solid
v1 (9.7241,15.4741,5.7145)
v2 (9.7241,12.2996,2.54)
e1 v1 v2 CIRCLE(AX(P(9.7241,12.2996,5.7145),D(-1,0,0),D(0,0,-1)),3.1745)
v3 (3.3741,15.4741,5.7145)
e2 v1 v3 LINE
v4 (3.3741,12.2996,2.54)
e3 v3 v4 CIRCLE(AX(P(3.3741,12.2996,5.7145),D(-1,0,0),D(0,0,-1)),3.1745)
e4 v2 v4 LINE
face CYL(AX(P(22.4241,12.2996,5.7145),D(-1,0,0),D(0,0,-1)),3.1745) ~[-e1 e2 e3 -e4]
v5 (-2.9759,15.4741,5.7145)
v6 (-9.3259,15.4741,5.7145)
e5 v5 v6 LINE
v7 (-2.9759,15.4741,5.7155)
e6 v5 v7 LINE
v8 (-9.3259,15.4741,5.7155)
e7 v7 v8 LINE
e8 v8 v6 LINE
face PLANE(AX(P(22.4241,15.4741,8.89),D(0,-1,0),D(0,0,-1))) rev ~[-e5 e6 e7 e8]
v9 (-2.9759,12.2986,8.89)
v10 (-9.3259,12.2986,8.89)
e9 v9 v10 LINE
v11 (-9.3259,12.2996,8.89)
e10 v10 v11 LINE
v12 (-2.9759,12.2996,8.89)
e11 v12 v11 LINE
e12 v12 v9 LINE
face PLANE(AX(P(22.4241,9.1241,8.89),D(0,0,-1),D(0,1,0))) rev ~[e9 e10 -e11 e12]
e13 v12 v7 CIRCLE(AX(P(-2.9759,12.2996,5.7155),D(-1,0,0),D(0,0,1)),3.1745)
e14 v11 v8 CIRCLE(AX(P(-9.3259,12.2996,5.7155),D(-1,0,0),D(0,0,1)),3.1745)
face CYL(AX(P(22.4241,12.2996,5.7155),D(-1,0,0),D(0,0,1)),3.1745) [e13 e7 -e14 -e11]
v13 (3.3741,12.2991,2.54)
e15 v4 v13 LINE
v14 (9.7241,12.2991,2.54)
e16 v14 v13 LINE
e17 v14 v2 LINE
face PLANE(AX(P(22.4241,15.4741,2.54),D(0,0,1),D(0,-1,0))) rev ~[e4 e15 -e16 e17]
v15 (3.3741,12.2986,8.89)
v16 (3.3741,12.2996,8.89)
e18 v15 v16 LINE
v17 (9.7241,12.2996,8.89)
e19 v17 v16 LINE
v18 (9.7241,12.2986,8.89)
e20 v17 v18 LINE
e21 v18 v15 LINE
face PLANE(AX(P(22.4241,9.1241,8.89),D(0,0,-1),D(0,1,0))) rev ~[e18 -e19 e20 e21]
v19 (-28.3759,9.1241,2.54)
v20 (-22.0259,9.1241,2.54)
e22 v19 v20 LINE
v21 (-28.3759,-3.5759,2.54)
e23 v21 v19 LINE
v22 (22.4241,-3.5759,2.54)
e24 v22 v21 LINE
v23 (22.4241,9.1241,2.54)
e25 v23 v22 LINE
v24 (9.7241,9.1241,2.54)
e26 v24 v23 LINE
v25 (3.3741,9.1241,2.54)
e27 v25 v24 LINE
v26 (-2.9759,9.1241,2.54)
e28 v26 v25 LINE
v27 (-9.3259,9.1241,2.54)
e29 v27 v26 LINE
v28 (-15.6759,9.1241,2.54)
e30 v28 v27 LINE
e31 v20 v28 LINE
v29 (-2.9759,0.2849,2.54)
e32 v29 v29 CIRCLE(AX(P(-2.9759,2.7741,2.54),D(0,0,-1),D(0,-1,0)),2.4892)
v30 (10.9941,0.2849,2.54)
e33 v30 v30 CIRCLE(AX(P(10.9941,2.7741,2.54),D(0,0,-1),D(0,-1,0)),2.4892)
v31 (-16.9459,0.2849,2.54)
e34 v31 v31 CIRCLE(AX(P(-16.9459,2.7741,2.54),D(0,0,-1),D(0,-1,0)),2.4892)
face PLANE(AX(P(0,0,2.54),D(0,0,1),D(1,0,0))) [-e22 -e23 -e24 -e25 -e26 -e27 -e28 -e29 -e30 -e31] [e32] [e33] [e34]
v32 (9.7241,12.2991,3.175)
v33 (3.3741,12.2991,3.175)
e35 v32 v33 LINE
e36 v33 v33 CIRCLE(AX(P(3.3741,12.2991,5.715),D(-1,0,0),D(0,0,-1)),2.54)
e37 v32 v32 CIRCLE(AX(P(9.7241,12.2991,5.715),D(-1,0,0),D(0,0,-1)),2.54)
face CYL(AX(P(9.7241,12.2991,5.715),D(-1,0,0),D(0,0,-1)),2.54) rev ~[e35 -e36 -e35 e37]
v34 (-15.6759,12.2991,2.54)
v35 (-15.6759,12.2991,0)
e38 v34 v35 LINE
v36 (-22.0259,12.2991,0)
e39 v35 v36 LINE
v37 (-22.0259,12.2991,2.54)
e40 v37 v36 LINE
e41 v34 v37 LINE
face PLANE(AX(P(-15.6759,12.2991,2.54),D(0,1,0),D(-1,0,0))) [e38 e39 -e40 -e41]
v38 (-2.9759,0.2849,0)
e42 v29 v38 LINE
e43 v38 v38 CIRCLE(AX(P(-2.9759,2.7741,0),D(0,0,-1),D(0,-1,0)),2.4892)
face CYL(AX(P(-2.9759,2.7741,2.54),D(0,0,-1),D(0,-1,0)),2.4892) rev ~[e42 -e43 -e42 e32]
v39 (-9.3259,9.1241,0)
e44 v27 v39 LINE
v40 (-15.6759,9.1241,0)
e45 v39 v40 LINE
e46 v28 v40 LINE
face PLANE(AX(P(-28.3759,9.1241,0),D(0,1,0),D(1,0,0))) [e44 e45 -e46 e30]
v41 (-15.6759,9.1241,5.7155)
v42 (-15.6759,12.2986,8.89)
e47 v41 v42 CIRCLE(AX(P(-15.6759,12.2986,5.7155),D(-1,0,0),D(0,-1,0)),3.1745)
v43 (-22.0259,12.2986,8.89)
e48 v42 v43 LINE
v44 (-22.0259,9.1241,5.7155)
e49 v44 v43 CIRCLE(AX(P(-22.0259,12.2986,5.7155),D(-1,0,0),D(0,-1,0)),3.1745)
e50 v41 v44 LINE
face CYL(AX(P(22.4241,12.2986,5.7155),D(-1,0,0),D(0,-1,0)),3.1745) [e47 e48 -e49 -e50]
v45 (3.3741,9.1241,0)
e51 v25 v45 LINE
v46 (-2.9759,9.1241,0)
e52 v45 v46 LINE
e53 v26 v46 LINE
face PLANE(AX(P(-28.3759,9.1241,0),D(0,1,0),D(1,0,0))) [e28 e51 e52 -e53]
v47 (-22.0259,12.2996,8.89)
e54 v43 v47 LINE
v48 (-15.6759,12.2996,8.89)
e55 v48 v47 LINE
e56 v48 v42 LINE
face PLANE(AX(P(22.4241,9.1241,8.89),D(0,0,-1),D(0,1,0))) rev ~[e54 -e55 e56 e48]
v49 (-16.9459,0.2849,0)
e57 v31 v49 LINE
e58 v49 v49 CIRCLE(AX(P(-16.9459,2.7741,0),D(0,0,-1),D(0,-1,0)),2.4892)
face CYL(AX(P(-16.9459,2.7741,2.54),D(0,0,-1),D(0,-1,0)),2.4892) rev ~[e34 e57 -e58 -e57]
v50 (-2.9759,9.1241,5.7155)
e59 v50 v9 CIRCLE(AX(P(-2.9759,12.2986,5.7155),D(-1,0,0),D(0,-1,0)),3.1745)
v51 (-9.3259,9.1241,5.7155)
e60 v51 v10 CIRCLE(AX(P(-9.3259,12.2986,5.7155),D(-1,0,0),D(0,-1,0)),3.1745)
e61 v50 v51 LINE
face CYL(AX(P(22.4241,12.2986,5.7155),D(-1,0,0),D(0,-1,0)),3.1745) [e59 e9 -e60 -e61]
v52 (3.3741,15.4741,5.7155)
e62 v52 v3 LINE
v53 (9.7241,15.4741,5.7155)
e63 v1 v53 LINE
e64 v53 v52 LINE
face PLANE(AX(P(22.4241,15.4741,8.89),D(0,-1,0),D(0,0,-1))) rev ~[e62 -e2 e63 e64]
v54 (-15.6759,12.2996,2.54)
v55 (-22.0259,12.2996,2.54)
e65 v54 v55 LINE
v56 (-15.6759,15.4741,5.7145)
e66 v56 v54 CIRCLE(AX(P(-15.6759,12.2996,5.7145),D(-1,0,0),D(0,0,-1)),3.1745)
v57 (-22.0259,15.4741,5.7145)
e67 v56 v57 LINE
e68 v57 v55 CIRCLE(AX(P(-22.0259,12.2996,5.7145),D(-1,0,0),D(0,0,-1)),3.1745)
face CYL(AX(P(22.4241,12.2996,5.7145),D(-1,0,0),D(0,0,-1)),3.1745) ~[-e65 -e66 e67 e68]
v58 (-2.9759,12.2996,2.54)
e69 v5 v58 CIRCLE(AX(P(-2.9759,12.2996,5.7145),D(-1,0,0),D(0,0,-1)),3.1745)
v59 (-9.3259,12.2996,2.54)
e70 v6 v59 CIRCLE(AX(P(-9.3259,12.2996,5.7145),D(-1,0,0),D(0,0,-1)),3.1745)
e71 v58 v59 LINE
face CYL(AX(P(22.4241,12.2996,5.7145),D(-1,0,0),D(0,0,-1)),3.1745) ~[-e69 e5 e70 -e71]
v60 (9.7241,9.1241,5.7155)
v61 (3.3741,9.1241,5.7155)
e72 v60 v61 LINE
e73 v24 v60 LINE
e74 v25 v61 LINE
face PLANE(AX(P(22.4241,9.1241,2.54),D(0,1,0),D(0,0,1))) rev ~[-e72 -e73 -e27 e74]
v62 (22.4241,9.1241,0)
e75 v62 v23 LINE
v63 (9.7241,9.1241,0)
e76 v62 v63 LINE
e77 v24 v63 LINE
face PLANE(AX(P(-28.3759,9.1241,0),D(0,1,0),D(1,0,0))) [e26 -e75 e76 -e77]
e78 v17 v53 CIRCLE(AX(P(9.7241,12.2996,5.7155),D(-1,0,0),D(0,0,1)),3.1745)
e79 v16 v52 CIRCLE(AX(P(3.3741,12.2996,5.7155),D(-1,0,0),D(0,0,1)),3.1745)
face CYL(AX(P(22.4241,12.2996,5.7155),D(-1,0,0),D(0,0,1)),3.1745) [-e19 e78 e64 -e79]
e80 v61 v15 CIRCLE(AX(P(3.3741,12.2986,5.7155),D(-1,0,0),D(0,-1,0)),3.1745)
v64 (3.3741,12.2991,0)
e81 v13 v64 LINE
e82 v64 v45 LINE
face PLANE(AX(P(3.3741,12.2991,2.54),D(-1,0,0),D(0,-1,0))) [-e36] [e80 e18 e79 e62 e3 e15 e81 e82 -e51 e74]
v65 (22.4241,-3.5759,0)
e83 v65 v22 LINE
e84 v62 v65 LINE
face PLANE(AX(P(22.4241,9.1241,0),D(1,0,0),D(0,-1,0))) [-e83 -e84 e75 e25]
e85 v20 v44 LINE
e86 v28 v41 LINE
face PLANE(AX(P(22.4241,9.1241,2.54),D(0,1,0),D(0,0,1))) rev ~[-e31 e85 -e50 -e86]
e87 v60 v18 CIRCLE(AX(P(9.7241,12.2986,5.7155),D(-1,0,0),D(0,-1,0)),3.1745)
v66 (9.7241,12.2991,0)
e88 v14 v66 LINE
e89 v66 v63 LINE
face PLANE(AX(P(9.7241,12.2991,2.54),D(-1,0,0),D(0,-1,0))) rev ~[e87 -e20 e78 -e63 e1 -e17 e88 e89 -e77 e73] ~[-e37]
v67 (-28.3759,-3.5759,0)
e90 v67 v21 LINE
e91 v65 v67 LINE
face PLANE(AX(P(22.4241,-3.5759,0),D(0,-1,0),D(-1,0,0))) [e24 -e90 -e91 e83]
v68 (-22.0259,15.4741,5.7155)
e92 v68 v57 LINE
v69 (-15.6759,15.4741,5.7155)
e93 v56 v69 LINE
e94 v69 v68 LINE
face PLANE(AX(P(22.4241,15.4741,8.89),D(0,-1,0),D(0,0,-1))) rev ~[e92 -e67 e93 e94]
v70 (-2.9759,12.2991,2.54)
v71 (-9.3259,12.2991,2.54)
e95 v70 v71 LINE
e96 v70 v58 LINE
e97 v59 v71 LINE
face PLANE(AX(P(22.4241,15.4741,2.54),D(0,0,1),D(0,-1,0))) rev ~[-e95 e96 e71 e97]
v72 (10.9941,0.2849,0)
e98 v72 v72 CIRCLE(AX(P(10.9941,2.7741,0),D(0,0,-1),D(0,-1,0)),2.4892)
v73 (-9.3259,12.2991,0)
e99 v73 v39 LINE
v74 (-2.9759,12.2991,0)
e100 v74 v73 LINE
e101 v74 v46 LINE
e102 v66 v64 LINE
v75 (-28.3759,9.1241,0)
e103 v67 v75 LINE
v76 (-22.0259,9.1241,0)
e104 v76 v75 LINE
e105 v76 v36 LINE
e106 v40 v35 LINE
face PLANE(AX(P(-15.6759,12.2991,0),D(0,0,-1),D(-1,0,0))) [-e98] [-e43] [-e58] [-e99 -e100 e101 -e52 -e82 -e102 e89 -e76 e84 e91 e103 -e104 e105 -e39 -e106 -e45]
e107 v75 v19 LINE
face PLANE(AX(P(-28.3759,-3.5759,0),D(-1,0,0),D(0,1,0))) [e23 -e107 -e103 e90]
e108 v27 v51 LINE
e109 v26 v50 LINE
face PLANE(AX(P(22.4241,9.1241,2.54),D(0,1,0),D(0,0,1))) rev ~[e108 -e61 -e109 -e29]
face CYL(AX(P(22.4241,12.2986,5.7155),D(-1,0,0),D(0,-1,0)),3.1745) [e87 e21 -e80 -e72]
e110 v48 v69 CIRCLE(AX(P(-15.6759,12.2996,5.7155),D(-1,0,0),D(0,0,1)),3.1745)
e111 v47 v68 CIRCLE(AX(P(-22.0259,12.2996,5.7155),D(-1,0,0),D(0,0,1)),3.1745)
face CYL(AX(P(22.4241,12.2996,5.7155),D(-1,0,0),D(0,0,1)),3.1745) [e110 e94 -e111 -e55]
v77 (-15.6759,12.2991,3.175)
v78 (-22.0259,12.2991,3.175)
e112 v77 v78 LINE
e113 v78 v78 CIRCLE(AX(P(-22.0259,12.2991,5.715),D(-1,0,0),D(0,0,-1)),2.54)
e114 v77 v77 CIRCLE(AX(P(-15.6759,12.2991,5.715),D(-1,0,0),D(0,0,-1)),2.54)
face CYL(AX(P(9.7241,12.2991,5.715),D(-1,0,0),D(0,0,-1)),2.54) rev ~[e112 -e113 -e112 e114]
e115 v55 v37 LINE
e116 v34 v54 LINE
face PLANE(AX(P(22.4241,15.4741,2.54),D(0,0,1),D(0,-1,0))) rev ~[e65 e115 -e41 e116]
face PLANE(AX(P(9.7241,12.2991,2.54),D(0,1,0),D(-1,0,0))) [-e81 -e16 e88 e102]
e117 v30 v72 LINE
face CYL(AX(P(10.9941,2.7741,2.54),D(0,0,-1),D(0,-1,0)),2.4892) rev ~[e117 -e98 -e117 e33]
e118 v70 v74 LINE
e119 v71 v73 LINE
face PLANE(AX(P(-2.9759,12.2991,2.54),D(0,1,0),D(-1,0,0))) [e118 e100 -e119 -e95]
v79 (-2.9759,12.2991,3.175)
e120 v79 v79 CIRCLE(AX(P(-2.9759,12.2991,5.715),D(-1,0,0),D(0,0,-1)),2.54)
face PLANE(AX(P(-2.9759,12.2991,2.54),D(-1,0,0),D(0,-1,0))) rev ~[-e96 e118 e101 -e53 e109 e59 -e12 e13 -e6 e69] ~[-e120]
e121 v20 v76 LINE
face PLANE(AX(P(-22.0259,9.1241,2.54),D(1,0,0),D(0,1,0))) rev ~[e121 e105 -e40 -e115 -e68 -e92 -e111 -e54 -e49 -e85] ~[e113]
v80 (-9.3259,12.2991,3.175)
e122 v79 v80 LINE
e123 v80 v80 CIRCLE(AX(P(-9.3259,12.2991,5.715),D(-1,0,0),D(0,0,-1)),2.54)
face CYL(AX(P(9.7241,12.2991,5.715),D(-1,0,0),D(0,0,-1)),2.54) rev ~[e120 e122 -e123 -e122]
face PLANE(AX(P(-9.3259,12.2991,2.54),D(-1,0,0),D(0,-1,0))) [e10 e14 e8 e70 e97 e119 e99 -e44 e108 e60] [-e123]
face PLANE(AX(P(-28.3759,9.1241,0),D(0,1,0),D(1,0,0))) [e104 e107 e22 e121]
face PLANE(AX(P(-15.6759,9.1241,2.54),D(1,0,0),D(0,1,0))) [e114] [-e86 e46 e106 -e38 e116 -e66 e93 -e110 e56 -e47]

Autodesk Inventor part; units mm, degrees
ref_plane "YZ Plane" through (0, 0, 0) normal (1, 0, 0) x (0, 1, 0)
ref_plane "XZ Plane" through (0, 0, 0) normal (0, 1, 0) x (-1, 0, 0)
sketch "Sketch1" plane through (0, 0, 0) normal (0, 0, 1) x (1, 0, 0)
  line L0 (-28.3759, 9.1241) -> (22.4241, 9.1241)
  line L1 (22.4241, 9.1241) -> (22.4241, -3.5759)
  line L2 (22.4241, -3.5759) -> (-28.3759, -3.5759)
  line L3 (-28.3759, -3.5759) -> (-28.3759, 9.1241)
  point P0 (0, 0)
  dimension "d0" = 50.8
  dimension "d1" = 12.7
extrude "Extrusion1" add sketch "Sketch1" along normal blind 2.54
sketch "Sketch2" plane through (22.4241, -3.5759, 0) normal (1, 0, 0) x (0, 0, -1)
  line L0 (0, 12.7) -> (6.35, 12.7)
  line L1 (6.35, 12.7) -> (6.35, 19.05)
  line L2 (6.35, 19.05) -> (0, 19.05)
  line L3 (0, 19.05) -> (0, 12.7)
  line L4 (0, 0) -> (-2.54, 0) projected
  line L5 (0, 12.7) -> (-2.54, 12.7) projected
  line L6 (-1.27, 12.7) -> (-1.27, 0)
  line L7 (-2.54, 12.7) -> (-8.89, 12.7)
  line L8 (-8.89, 12.7) -> (-8.89, 19.05)
  line L9 (-8.89, 19.05) -> (-2.54, 19.05)
  line L10 (-2.54, 19.05) -> (-2.54, 12.7)
  point P0 (0, 3.5759)
  dimension "d4" = 6.35
  dimension "d5" = 6.35
ref_plane "Work Plane2" through (-28.3759, 9.1241, 0) normal (0, 0, 1) x (1, 0, 0)
sketch "Sketch3" plane through (-28.3759, 9.1241, 0) normal (0, 0, 1) x (1, 0, 0)
  line L0 (38.1, 0) -> (31.75, 0)
  line L1 (31.75, 0) -> (31.75, 7.3179)
  line L2 (31.75, 7.3179) -> (38.1, 7.3179)
  line L3 (38.1, 7.3179) -> (38.1, 0)
  line L4 (25.4, 0) -> (19.05, 0)
  line L5 (19.05, 0) -> (19.05, 7.3179)
  line L6 (19.05, 7.3179) -> (25.4, 7.3179)
  line L7 (25.4, 7.3179) -> (25.4, 0)
  line L8 (12.7, 0) -> (6.35, 0)
  line L9 (6.35, 0) -> (6.35, 7.3179)
  line L10 (6.35, 7.3179) -> (12.7, 7.3179)
  line L11 (12.7, 7.3179) -> (12.7, 0)
  line L12 (38.1, 7.3179) -> (50.8, 7.3179)
  line L13 (38.1, 0) -> (38.1, 7.3179)
  line L14 (25.4, 7.3179) -> (31.75, 7.3179)
  line L15 (31.75, 7.3179) -> (31.75, 0)
  line L16 (31.75, 0) -> (25.4, 0)
  line L17 (25.4, 0) -> (25.4, 7.3179)
  line L18 (12.7, 7.3179) -> (19.05, 7.3179)
  line L19 (19.05, 7.3179) -> (19.05, 0)
  line L20 (19.05, 0) -> (12.7, 0)
  line L21 (12.7, 0) -> (12.7, 7.3179)
  line L22 (6.35, 0) -> (0, 0)
  line L23 (0, 0) -> (0, 7.3179)
  line L24 (0, 7.3179) -> (6.35, 7.3179)
  line L25 (6.35, 7.3179) -> (6.35, 0)
  line L26 (50.8, 7.3179) -> (50.8, 0)
  line L27 (50.8, 0) -> (38.1, 0)
  point P0 (28.3759, -9.1241)
extrude "Extrusion4" add sketch "Sketch2" against normal blind 50.8 contours L7 L8 L9 L10
fillet "Fillet2" radius 3.175 3 edges at (-2.9759, 15.4741, 8.89) (-2.9759, 15.4741, 2.54) (-2.9759, 9.1241, 8.89)
extrude "Extrusion5" cut sketch "Sketch3" along normal blind 50.8 contours L3 L12 L26 L27 | L16 L7 L14 L1 | L20 L11 L18 L5 | L22 L23 L24 L9
hole "Hole3" at (9.7241, 12.2991, 5.715) direction (-1, 0, 0) diameter 5.08 end through all
hole "Hole4" at (-16.9459, 2.7741, 2.54) direction (0, 0, -1) diameter 4.9784 end through all thread size "1/4-20 UNC" class "2B" standard "ANSI Unified Screw Threads"
hole "Hole5" at (10.9941, 2.7741, 2.54) direction (0, 0, -1) diameter 4.9784 end through all thread size "1/4-20 UNC" class "2B" standard "ANSI Unified Screw Threads"
hole "Hole6" at (-2.9759, 2.7741, 2.54) direction (0, 0, -1) diameter 4.9784 end through all thread size "1/4-20 UNC" class "2B" standard "ANSI Unified Screw Threads"
sketch "Sketch4" plane through (9.7241, 9.1241, 2.54) normal (0, 0, -1) x (-1, 0, 0)
  line L0 (0, 3.175) -> (0, 0) projected
  line L1 (6.35, 0) -> (0, 0) projected
  line L2 (0, 3.175) -> (6.35, 3.175)
  line L3 (6.35, 3.175) -> (6.35, 0)
  line L4 (6.35, 0) -> (0, 0)
  line L5 (0, 0) -> (0, 3.175)
  point P0 (9.7241, -9.1241)
sketch "Sketch5" plane through (-2.9759, 9.1241, 2.54) normal (0, 0, -1) x (-1, 0, 0)
  line L0 (0, 3.175) -> (0, 0) projected
  line L1 (6.35, 0) -> (0, 0) projected
  line L2 (0, 3.175) -> (6.35, 3.175)
  line L3 (6.35, 3.175) -> (6.35, 0)
  line L4 (6.35, 0) -> (0, 0)
  line L5 (0, 0) -> (0, 3.175)
  point P0 (-2.9759, -9.1241)
sketch "Sketch6" plane through (-15.6759, 12.2991, 2.54) normal (0, 0, -1) x (-1, 0, 0)
  line L0 (6.35, -3.175) -> (6.35, 0) projected
  line L1 (0, 0) -> (6.35, 0) projected
  line L2 (0, 0) -> (6.35, 0)
  line L3 (6.35, 0) -> (6.35, -3.175)
  line L4 (6.35, -3.175) -> (0, -3.175)
  line L5 (0, -3.175) -> (0, 0)
  point P0 (-15.6759, -12.2991)
extrude "Extrusion6" add sketch "Sketch4" along normal blind 2.54
extrude "Extrusion7" add sketch "Sketch5" along normal blind 2.54
extrude "Extrusion8" add sketch "Sketch6" along normal blind 2.54
properties part number "HingeP2"
